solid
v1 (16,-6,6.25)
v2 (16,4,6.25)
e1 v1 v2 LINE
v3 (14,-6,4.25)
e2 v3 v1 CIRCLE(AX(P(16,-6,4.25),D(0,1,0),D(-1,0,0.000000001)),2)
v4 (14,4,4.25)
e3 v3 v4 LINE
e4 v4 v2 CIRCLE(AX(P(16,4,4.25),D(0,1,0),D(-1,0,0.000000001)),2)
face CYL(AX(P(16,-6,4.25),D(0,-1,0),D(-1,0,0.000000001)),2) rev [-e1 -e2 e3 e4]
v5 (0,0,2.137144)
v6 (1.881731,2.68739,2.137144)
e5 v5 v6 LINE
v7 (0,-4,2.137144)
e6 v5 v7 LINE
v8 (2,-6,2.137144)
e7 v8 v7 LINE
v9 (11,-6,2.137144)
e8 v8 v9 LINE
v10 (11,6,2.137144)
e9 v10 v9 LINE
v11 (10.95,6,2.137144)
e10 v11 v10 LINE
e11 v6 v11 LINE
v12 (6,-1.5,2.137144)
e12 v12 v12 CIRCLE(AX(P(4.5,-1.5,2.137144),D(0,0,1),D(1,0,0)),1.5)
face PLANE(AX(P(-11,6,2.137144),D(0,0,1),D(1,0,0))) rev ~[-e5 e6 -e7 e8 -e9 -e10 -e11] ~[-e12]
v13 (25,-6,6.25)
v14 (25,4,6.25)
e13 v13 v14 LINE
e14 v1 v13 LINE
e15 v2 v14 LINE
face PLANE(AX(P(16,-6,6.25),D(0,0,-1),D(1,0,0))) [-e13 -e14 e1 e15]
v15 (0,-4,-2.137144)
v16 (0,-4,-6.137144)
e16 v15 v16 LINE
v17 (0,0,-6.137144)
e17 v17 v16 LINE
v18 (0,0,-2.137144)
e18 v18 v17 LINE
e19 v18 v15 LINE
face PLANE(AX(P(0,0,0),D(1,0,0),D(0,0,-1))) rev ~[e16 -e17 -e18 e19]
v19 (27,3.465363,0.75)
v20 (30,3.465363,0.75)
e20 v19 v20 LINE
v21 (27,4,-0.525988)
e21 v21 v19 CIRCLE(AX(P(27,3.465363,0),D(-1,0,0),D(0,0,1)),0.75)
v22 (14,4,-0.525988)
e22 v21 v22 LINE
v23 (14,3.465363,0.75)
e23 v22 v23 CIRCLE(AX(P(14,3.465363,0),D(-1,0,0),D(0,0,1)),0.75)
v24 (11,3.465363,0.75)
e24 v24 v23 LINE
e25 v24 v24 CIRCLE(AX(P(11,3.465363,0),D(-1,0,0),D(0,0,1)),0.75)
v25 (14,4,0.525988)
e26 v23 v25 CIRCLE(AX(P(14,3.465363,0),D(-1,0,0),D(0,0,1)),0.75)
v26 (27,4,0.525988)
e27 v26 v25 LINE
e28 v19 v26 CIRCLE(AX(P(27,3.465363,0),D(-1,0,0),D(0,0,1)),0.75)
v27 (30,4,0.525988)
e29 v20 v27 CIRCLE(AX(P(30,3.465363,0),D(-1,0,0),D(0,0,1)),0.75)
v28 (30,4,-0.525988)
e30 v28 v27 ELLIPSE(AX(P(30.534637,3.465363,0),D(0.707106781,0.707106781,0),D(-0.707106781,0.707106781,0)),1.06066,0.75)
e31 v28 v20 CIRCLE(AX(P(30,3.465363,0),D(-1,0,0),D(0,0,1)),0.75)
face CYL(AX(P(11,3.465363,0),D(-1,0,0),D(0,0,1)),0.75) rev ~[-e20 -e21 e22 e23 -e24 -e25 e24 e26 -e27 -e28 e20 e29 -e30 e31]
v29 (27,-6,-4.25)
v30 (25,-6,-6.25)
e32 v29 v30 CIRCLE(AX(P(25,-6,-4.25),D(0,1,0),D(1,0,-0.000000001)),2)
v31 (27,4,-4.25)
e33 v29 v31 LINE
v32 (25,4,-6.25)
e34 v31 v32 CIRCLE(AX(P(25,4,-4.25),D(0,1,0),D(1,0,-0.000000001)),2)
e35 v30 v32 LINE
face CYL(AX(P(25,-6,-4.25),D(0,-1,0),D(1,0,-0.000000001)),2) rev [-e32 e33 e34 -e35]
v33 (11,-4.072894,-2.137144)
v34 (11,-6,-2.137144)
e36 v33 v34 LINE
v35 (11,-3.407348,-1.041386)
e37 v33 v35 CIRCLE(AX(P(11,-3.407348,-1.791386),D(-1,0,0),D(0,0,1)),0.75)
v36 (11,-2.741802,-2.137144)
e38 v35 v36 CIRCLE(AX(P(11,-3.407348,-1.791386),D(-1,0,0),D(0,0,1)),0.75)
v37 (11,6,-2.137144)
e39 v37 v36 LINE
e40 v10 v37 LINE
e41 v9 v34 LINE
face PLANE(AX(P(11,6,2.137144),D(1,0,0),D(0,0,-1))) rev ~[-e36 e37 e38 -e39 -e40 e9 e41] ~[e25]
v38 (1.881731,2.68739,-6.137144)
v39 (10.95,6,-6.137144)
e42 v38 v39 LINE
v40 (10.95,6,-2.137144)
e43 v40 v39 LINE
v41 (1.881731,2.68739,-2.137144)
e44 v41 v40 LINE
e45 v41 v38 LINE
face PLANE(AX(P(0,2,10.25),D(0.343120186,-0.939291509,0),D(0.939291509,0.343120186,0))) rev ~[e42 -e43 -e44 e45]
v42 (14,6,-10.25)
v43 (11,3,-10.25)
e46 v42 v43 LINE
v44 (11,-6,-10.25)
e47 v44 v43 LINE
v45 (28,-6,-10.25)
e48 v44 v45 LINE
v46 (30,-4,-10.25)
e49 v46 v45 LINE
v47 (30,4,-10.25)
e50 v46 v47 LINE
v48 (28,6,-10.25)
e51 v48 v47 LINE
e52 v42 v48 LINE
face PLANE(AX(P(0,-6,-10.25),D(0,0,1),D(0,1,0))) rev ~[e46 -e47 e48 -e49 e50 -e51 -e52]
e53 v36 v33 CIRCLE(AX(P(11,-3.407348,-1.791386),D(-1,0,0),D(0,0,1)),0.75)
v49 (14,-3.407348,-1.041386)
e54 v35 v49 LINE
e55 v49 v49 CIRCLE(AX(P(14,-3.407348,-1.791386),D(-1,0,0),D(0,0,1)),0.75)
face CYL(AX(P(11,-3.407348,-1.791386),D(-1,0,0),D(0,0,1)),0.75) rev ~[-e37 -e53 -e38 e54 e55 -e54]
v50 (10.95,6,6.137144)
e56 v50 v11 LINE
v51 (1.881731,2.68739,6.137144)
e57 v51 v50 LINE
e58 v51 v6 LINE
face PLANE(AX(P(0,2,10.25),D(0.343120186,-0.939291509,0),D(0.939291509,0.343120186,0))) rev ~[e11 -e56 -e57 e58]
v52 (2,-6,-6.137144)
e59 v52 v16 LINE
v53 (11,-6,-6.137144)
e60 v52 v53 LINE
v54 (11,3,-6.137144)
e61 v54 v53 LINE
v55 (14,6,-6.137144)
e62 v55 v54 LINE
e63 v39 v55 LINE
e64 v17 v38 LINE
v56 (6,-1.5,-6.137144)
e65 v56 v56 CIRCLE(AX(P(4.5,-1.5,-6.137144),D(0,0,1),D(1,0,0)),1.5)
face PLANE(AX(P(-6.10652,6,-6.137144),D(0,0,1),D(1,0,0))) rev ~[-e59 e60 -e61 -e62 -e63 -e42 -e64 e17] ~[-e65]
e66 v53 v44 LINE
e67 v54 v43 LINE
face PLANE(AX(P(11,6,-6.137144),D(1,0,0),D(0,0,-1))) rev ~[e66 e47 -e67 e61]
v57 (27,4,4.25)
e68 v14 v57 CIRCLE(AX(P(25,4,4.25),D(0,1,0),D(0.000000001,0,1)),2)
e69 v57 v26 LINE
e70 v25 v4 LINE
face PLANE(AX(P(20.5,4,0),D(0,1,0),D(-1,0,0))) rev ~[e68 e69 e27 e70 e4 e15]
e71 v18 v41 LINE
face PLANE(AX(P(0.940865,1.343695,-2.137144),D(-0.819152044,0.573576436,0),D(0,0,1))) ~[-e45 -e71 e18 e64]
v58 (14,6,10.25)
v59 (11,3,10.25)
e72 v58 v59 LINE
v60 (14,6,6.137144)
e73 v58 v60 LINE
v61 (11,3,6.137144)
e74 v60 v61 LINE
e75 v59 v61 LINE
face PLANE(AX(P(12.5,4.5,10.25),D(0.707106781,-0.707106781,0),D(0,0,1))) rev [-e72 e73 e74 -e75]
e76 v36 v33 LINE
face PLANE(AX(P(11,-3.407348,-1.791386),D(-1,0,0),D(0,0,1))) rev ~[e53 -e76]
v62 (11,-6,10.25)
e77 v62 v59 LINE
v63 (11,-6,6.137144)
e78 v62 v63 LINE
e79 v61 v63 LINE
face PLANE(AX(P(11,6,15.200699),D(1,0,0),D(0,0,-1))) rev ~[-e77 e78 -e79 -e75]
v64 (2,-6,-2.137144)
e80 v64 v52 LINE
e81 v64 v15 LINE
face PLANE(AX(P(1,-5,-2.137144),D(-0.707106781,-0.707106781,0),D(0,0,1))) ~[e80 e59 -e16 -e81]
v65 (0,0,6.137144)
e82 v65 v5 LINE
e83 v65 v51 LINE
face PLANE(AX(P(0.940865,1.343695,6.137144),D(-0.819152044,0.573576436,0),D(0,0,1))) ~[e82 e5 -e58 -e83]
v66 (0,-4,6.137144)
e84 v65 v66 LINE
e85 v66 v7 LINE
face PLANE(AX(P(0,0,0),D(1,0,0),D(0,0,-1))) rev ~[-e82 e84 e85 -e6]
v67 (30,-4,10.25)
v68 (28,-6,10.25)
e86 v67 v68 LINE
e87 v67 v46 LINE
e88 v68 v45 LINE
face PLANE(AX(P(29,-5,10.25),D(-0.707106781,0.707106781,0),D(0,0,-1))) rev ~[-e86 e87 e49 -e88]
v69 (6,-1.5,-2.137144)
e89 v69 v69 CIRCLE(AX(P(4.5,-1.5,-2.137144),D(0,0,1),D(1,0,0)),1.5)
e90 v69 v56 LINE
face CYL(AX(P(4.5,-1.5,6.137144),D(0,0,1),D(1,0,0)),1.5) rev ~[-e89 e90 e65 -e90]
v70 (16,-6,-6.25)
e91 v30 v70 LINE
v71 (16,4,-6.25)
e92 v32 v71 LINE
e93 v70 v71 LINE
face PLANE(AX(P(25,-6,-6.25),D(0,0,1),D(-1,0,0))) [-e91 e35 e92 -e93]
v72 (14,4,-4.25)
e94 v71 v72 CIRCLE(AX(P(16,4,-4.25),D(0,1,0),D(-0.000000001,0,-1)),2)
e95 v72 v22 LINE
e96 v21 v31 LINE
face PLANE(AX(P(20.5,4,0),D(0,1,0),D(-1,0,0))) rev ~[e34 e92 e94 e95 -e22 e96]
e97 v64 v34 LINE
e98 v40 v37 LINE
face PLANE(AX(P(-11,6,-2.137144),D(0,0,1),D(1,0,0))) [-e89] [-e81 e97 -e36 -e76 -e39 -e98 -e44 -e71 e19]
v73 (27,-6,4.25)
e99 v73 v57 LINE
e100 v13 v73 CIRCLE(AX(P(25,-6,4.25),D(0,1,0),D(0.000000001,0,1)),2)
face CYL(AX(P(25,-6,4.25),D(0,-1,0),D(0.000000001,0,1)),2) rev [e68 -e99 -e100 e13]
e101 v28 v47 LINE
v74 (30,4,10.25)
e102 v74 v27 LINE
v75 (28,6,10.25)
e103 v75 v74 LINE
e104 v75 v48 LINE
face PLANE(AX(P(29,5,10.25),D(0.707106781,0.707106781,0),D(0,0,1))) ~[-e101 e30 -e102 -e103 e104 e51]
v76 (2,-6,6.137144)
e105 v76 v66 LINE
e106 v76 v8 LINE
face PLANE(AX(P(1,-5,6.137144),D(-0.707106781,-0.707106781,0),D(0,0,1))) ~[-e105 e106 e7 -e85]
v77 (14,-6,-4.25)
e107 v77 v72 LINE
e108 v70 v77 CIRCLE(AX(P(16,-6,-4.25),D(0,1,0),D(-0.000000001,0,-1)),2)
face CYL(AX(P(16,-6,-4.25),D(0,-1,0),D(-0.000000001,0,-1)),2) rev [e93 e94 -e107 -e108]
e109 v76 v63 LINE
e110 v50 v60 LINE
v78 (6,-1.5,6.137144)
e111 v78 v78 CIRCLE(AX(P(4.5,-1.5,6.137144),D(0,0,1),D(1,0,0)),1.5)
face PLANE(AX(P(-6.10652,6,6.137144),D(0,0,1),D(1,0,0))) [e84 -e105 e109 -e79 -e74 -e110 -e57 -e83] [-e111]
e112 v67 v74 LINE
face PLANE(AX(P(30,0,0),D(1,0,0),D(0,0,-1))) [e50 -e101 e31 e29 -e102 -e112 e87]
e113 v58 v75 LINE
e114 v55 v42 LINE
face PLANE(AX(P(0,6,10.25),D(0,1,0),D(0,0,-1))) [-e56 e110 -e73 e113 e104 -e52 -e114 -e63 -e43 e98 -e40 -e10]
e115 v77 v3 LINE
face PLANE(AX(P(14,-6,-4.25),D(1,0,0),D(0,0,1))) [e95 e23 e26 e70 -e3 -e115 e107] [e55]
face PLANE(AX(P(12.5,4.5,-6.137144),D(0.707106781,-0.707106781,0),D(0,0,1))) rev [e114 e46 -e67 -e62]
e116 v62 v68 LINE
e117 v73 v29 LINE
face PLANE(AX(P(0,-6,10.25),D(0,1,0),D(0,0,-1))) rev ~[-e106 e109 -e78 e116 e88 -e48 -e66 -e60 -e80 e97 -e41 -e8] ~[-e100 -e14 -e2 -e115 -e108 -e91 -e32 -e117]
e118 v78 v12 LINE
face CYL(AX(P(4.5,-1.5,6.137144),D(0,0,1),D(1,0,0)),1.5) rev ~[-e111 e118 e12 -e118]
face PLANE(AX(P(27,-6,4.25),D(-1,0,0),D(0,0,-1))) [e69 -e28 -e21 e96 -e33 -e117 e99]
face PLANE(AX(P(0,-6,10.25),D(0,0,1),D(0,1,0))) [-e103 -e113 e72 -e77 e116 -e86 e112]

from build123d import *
from OCP.BRepFilletAPI import BRepFilletAPI_MakeChamfer

# Parameters (mm, degrees)
SKETCH_2_W          = 20.5
SKETCH_2_H          = 12
EXTRUDE_1_DEPTH     = 30
SKETCH_3_W          = 22
SKETCH_3_H          = 4.27428741
CUT_EXTRUDE_1_DEPTH = 34.897824414
SKETCH_10_W         = 17.106520138
SKETCH_10_H         = 9.063555791
CUT_EXTRUDE_3_DEPTH = 34.897824414
SKETCH_11_R         = 1.5
CUT_EXTRUDE_6_DEPTH = 35.706461629
SKETCH_12_R         = 0.75
CUT_EXTRUDE_4_DEPTH = 12
CUT_EXTRUDE_7_DEPTH = 37.827299657
CHAMFER_5_SIZE      = 2
CHAMFER_6_SIZE      = 2
CHAMFER_6_SIZE2     = 2.003351387
SKETCH_14_R         = 0.75
CUT_EXTRUDE_5_DEPTH = 23.406751215
CHAMFER_8_SIZE      = 3
CUT_EXTRUDE_8_DEPTH = 10


with BuildPart() as part:
    # Эскиз2 → Вытянуть1 (new body)
    with BuildSketch(Plane(origin=(0, 0, 0), x_dir=(0, 0, -1), z_dir=(1, 0, 0))):
        Rectangle(SKETCH_2_W, SKETCH_2_H)
    extrude(amount=EXTRUDE_1_DEPTH)

    # Эскиз3 → Вырез-Вытянуть1 (cut, through all)
    with BuildSketch(Plane(origin=(0, 6, 0), x_dir=(1, 0, 0), z_dir=(0, 1, 0))):
        Rectangle(SKETCH_3_W, SKETCH_3_H)
    extrude(amount=-CUT_EXTRUDE_1_DEPTH, mode=Mode.SUBTRACT)

    # Эскиз10 → Вырез-Вытянуть3 (cut, through all)
    with BuildSketch(Plane(origin=(0, 6, 0), x_dir=(1, 0, 0), z_dir=(0, 1, 0))):
        with Locations((2.446739931, 10.668921601)):
            Rectangle(SKETCH_10_W, SKETCH_10_H)
        with Locations((2.446739931, -10.668921601)):
            Rectangle(SKETCH_10_W, SKETCH_10_H)
    extrude(amount=-CUT_EXTRUDE_3_DEPTH, mode=Mode.SUBTRACT)

    # Эскиз11 → Вытянуть6 (cut, through all)
    with BuildSketch(Plane.XY.offset(6.137143705)):
        with Locations((4.5, -1.5)):
            Circle(SKETCH_11_R)
    extrude(amount=-CUT_EXTRUDE_6_DEPTH, mode=Mode.SUBTRACT)

    # Эскиз12 → Вырез-Вытянуть4 (cut)
    with BuildSketch(Plane.ZY.offset(-11)):
        with Locations((-1.791386219, -3.407348241)):
            Circle(SKETCH_12_R)
    extrude(amount=-CUT_EXTRUDE_4_DEPTH, mode=Mode.SUBTRACT)

    # Эскиз13 → Вытянуть7 (cut, through all)
    with BuildSketch(Plane.XY.offset(10.25)):
        Polygon((10.95, 6), (0, 6), (0, 2), align=None)
        Polygon((40.005782236, 6), (40.005782236, 2), (30.005782236, 6), align=None)
    extrude(amount=-CUT_EXTRUDE_7_DEPTH, mode=Mode.SUBTRACT)

    # Фаска5
    chamfer_5_edges = [part.edges().sort_by_distance(p)[0] for p in [
        (30, -6, 0),
        (0, -6, -4.137143705),
        (0, -6, 4.137143705),
        (30, 6, 0),
    ]]
    chamfer(chamfer_5_edges, length=CHAMFER_5_SIZE)

    # Фаска6: one chamfer whose edges measure the first distance from different faces: ONE call of the kernel's chamfer builder (chamfer() names one face for all edges)
    chamfer_6_edges_1 = [part.edges().sort_by_distance(p)[0] for p in [
        (0, 2, 4.137143705),
    ]]
    chamfer_6_side_1 = [part.faces().sort_by_distance(p)[0] for p in [
        (0, -1, 4.137143705),
    ]]
    chamfer_6_edges_2 = [part.edges().sort_by_distance(p)[0] for p in [
        (0, 2, -4.137143705),
    ]]
    chamfer_6_side_2 = [part.faces().sort_by_distance(p)[0] for p in [
        (0, -1, -4.137143705),
    ]]
    chamfer_6 = BRepFilletAPI_MakeChamfer(part.part.solid().wrapped)
    for e in chamfer_6_edges_1:
        chamfer_6.Add(CHAMFER_6_SIZE, CHAMFER_6_SIZE2, e.wrapped, chamfer_6_side_1[0].wrapped)  # the first distance lies on this face
    for e in chamfer_6_edges_2:
        chamfer_6.Add(CHAMFER_6_SIZE, CHAMFER_6_SIZE2, e.wrapped, chamfer_6_side_2[0].wrapped)  # the first distance lies on this face
    add(Compound.cast(chamfer_6.Shape()), mode=Mode.REPLACE)

    # Эскиз14 → Вырез-Вытянуть5 (cut, through all)
    with BuildSketch(Plane.ZY.offset(-11)):
        with Locations((0, 3.465363476)):
            Circle(SKETCH_14_R)
    extrude(amount=-CUT_EXTRUDE_5_DEPTH, mode=Mode.SUBTRACT)

    # Фаска8
    chamfer_8_edges = [part.edges().sort_by_distance(p)[0] for p in [
        (11, 6, -8.193571852),
        (11, 6, 8.193571852),
    ]]
    chamfer(chamfer_8_edges, length=CHAMFER_8_SIZE)

    # Эскиз15 → Вытянуть8 (cut)
    with BuildSketch(Plane.XZ.offset(6)):
        with BuildLine():
            Line((16, 6.25), (25, 6.25))
            ThreePointArc((25, 6.25), (26.414213562, 5.664213562), (27, 4.25))
            Line((27, 4.25), (27, -4.25))
            ThreePointArc((27, -4.25), (26.414213562, -5.664213562), (25, -6.25))
            Line((25, -6.25), (16, -6.25))
            ThreePointArc((16, -6.25), (14.585786438, -5.664213562), (14, -4.25))
            Line((14, -4.25), (14, 4.25))
            ThreePointArc((14, 4.25), (14.585786438, 5.664213562), (16, 6.25))
        make_face()
    extrude(amount=-CUT_EXTRUDE_8_DEPTH, mode=Mode.SUBTRACT)


solid = part.part
